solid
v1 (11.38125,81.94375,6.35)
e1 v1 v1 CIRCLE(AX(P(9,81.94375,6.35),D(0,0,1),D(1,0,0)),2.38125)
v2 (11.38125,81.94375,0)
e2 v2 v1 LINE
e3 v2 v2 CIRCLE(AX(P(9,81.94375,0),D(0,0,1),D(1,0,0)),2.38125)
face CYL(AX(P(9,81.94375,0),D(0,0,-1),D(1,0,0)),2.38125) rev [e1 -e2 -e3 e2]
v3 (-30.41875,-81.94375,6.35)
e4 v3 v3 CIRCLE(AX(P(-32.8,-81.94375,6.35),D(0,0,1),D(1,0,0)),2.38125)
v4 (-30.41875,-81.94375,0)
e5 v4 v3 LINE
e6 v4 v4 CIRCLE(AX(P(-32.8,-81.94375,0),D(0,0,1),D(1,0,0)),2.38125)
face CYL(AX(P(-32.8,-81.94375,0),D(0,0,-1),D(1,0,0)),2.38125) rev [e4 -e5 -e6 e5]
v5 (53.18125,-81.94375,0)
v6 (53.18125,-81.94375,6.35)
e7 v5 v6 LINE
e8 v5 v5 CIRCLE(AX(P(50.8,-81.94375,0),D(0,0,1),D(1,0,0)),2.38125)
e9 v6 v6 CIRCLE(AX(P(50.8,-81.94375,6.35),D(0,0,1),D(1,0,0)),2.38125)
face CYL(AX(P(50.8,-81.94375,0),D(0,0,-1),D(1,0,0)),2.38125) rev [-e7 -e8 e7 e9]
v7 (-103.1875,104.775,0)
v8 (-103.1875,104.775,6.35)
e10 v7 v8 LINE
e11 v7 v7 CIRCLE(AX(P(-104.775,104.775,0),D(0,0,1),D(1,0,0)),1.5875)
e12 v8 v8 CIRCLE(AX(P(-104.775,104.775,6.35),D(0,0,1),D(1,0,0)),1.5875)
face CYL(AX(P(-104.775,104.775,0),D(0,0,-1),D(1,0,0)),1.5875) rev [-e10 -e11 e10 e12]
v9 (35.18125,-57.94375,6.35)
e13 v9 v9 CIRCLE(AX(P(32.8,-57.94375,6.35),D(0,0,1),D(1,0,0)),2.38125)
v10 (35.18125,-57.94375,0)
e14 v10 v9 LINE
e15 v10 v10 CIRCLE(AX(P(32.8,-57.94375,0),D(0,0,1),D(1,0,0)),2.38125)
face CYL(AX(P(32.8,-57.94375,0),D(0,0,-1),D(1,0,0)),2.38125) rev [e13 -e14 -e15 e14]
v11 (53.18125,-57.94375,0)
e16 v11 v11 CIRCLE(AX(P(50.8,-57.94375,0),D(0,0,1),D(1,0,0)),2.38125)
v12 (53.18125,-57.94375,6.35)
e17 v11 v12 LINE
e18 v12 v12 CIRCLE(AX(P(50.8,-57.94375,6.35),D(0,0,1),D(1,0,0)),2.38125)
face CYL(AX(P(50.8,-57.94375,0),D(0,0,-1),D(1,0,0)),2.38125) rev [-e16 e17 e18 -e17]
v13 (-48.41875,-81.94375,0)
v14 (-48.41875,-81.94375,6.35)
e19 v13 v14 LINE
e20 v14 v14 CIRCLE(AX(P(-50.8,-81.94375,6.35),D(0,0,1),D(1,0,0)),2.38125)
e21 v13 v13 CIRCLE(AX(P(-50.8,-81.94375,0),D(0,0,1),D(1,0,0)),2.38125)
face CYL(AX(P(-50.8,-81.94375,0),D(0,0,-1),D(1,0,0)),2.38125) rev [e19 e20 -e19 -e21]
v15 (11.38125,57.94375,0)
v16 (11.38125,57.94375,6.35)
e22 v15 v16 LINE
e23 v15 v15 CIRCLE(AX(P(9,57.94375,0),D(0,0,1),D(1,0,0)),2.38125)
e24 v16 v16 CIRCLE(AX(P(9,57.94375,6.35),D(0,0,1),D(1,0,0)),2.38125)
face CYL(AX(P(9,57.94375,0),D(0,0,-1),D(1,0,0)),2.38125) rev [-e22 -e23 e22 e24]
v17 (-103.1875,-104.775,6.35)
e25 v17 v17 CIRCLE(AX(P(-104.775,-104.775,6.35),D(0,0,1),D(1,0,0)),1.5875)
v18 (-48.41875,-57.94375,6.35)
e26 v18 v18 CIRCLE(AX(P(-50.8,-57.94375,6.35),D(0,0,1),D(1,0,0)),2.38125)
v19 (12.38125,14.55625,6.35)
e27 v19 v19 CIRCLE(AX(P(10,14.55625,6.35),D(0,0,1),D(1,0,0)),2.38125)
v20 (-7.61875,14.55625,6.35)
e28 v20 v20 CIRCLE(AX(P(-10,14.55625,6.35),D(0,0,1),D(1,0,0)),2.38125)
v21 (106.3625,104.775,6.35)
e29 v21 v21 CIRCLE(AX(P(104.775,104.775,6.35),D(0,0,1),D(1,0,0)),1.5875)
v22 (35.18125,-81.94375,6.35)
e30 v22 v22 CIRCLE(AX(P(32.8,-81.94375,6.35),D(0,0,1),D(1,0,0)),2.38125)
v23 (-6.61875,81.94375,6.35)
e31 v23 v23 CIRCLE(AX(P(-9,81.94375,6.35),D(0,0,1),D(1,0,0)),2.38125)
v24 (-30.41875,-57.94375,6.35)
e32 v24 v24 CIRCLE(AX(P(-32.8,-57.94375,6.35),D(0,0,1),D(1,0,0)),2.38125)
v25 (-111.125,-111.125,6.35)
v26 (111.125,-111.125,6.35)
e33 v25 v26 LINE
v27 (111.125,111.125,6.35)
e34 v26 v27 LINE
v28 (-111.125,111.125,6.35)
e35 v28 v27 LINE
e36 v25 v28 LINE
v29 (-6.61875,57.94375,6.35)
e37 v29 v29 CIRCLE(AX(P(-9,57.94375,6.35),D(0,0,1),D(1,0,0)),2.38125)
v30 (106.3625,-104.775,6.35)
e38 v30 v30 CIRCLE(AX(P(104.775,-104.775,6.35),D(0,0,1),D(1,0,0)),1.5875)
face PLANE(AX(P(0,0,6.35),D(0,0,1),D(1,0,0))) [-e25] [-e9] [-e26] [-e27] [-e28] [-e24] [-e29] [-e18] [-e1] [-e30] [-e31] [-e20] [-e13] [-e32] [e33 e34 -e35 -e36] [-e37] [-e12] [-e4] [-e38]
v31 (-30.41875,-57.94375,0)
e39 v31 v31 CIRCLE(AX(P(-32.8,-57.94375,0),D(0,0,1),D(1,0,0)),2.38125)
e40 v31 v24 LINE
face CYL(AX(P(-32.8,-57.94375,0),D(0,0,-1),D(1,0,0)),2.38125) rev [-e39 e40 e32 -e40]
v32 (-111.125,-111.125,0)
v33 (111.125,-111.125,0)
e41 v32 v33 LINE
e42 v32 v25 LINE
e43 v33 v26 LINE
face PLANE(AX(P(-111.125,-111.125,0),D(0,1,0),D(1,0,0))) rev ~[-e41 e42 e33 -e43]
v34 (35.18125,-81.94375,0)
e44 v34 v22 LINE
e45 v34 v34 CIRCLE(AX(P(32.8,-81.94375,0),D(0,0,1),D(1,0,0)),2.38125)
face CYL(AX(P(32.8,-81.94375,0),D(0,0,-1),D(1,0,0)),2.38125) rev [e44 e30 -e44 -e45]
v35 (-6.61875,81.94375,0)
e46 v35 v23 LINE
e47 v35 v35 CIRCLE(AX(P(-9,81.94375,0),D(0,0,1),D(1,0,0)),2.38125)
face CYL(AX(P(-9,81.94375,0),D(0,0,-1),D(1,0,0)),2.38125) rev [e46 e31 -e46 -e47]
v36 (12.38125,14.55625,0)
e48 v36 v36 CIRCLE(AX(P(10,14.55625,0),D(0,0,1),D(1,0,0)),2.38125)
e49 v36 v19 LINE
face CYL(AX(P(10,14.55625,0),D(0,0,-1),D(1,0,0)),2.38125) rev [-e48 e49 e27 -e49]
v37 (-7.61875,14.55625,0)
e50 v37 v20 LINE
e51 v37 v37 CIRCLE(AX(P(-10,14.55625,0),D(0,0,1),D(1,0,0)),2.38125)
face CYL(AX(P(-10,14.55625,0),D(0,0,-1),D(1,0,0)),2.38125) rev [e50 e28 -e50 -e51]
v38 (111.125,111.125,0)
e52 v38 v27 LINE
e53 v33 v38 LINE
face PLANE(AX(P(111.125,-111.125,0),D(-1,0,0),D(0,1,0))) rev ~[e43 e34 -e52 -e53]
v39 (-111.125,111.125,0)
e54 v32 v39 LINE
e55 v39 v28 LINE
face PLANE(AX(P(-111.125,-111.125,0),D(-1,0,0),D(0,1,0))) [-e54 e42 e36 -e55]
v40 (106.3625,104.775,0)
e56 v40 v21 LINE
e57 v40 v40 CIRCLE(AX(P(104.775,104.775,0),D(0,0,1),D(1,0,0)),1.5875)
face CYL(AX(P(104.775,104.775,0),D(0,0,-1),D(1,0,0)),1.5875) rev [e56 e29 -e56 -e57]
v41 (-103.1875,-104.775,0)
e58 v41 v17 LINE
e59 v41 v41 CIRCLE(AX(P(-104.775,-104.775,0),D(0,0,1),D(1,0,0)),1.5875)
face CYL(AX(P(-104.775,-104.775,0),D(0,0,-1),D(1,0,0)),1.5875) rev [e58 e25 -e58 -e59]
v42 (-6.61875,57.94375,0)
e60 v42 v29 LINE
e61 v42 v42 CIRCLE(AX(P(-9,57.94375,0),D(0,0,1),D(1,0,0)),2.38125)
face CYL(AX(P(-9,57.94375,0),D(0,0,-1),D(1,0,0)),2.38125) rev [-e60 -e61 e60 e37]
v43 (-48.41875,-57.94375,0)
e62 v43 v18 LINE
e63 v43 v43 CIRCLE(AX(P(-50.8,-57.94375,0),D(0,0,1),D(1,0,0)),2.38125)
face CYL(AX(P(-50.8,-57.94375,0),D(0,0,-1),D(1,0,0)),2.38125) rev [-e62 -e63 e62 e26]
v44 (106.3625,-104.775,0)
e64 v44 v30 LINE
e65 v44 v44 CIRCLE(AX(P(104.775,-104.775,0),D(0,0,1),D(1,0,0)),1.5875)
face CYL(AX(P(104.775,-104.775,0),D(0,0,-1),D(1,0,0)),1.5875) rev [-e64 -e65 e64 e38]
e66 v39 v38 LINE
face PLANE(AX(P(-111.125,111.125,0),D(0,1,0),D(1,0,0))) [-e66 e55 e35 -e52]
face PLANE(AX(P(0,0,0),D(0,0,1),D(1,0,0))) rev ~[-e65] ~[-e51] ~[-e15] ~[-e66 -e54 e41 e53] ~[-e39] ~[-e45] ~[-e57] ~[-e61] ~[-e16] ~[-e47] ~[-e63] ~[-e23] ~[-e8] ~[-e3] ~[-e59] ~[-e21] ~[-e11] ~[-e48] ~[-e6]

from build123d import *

# Parameters (mm, degrees)
F0_W     = 222.25
F0_H     = 222.25
F0_R     = 1.5875
F0_R_2   = 2.38125
F1_DEPTH = 6.35


with BuildPart() as f1:
    # F0 (on Top) → F1 (new body)
    with BuildSketch(Plane.XY):
        Rectangle(F0_W, F0_H)
        with Locations((-104.775, -104.775)):
            Circle(F0_R, mode=Mode.SUBTRACT)
        with Locations((-50.8, -81.94375)):
            Circle(F0_R_2, mode=Mode.SUBTRACT)
        with Locations((-32.8, -81.94375)):
            Circle(F0_R_2, mode=Mode.SUBTRACT)
        with Locations((-50.8, -57.94375)):
            Circle(F0_R_2, mode=Mode.SUBTRACT)
        with Locations((-32.8, -57.94375)):
            Circle(F0_R_2, mode=Mode.SUBTRACT)
        with Locations((32.8, -81.94375)):
            Circle(F0_R_2, mode=Mode.SUBTRACT)
        with Locations((50.8, -81.94375)):
            Circle(F0_R_2, mode=Mode.SUBTRACT)
        with Locations((32.8, -57.94375)):
            Circle(F0_R_2, mode=Mode.SUBTRACT)
        with Locations((50.8, -57.94375)):
            Circle(F0_R_2, mode=Mode.SUBTRACT)
        with Locations((104.775, -104.775)):
            Circle(F0_R, mode=Mode.SUBTRACT)
        with Locations((-10, 14.55625)):
            Circle(F0_R_2, mode=Mode.SUBTRACT)
        with Locations((-104.775, 104.775)):
            Circle(F0_R, mode=Mode.SUBTRACT)
        with Locations((-9, 57.94375)):
            Circle(F0_R_2, mode=Mode.SUBTRACT)
        with Locations((-9, 81.94375)):
            Circle(F0_R_2, mode=Mode.SUBTRACT)
        with Locations((10, 14.55625)):
            Circle(F0_R_2, mode=Mode.SUBTRACT)
        with Locations((9, 57.94375)):
            Circle(F0_R_2, mode=Mode.SUBTRACT)
        with Locations((9, 81.94375)):
            Circle(F0_R_2, mode=Mode.SUBTRACT)
        with Locations((104.775, 104.775)):
            Circle(F0_R, mode=Mode.SUBTRACT)
    extrude(amount=F1_DEPTH)


solid = f1.part
